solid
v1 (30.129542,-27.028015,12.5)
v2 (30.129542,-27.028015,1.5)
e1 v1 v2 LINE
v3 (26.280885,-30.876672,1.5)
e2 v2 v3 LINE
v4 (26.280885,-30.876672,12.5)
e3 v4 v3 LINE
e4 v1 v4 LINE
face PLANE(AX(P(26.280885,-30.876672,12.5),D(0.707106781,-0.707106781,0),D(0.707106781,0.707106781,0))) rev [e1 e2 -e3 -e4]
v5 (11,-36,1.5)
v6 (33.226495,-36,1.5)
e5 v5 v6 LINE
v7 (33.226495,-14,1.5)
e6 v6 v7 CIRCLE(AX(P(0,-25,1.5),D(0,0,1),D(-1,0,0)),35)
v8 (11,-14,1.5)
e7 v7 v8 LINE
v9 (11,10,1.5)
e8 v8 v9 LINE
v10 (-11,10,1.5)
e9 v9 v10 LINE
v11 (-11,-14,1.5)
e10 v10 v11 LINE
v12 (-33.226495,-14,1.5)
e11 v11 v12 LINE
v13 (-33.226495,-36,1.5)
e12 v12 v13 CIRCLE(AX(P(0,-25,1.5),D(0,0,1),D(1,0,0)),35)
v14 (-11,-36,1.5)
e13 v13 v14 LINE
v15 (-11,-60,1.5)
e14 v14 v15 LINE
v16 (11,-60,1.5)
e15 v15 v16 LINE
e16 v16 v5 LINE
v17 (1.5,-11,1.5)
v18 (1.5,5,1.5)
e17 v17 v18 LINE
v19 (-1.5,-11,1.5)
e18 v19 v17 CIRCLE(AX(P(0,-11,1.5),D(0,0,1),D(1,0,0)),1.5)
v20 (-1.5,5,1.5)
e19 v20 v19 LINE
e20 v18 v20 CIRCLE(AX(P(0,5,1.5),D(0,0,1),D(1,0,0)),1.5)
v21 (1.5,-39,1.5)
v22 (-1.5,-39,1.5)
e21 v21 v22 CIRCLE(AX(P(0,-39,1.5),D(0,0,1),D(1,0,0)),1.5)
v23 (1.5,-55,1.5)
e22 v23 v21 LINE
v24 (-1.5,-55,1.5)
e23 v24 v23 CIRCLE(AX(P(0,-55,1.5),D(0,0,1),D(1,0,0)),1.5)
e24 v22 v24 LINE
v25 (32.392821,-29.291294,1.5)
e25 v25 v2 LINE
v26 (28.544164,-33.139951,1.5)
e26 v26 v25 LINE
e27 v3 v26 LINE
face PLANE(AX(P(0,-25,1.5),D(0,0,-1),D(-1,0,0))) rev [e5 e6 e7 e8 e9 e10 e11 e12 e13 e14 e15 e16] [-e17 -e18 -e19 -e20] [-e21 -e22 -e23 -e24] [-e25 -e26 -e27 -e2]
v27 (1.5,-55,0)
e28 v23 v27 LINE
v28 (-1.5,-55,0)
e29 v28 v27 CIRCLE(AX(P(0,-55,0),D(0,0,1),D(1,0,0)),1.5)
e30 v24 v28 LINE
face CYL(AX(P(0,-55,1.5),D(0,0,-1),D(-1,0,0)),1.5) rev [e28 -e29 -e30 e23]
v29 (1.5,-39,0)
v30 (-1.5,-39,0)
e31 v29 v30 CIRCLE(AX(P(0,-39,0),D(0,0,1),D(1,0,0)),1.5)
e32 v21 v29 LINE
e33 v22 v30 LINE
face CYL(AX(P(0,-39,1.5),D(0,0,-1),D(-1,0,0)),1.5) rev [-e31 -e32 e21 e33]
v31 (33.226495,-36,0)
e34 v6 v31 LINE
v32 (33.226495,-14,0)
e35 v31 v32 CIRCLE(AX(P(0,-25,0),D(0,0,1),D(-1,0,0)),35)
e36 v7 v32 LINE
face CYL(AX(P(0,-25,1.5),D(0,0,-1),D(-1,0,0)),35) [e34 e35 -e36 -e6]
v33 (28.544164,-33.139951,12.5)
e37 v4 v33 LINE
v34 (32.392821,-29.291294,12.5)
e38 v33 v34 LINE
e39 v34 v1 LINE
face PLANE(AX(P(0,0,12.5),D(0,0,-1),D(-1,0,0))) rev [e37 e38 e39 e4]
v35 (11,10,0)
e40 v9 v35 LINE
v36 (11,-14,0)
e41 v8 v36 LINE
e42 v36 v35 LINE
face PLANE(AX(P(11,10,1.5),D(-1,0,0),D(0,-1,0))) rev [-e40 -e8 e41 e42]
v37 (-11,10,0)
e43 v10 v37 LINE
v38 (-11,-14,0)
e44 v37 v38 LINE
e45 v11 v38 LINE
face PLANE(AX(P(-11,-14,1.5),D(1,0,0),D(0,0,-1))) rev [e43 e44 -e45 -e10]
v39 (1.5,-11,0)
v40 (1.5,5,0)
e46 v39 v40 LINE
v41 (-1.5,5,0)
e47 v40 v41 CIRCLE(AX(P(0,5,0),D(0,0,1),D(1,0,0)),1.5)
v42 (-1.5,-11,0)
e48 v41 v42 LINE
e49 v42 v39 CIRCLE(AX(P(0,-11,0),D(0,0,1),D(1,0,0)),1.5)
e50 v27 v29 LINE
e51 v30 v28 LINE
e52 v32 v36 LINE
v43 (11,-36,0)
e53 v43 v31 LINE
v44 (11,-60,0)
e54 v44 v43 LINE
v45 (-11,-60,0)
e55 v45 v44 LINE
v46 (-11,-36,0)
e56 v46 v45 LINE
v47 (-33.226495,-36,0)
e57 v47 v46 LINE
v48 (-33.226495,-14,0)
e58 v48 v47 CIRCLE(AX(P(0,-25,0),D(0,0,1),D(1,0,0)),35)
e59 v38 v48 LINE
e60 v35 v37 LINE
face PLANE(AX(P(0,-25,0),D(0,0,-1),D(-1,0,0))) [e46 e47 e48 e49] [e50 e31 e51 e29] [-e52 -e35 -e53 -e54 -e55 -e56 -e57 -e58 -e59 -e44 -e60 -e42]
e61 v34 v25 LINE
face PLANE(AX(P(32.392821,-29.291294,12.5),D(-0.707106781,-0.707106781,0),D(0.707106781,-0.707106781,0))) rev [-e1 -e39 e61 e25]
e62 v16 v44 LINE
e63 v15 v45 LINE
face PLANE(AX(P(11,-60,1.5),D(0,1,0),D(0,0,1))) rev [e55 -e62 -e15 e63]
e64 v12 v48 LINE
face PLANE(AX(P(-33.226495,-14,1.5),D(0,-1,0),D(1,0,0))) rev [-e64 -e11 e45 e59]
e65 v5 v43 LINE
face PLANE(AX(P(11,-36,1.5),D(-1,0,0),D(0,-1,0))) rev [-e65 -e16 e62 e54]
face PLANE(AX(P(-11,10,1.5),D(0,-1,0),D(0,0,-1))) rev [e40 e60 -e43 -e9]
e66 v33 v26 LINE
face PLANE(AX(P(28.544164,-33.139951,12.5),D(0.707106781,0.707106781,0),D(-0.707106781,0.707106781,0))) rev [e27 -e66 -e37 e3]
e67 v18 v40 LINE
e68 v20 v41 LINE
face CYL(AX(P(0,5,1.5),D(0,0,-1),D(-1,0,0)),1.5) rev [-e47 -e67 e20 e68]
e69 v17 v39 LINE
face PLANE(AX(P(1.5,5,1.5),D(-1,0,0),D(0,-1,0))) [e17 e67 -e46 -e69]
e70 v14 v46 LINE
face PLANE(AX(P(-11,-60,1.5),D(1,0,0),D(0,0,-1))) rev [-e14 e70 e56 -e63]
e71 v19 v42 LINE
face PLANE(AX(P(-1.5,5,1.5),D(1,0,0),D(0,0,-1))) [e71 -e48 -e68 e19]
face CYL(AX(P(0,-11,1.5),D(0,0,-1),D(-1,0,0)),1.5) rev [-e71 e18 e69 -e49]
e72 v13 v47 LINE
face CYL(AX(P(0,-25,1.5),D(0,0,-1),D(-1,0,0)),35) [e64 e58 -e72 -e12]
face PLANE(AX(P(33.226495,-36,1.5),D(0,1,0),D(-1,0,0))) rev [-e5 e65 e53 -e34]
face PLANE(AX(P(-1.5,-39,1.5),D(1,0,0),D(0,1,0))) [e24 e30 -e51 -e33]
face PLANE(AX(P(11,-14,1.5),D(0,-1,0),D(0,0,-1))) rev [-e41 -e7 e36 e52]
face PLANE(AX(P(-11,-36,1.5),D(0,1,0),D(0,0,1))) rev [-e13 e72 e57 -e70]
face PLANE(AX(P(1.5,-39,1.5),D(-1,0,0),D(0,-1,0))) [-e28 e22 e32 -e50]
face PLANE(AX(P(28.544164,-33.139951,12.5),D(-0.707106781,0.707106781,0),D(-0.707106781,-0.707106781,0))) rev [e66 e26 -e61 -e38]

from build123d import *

# Parameters (mm, degrees)
BOSS_EXTRU_1_DEPTH = 1.5
BOSS_EXTRU_2_DEPTH = 11


with BuildPart() as part:
    # Esquisse1 → Boss.-Extru.1 (new body)
    with BuildSketch(Plane.XY):
        with BuildLine():
            Line((-11, 10), (11, 10))
            Line((11, 10), (11, -14))
            Line((11, -14), (33.226495452, -14))
            ThreePointArc((33.226495452, -14), (35, -25), (33.226495452, -36))
            Line((33.226495452, -36), (11, -36))
            Line((11, -36), (11, -60))
            Line((11, -60), (-11, -60))
            Line((-11, -60), (-11, -36))
            Line((-11, -36), (-33.226495452, -36))
            ThreePointArc((-33.226495452, -36), (-35, -25), (-33.226495452, -14))
            Line((-33.226495452, -14), (-11, -14))
            Line((-11, -14), (-11, 10))
        make_face()
        with BuildLine():
            Line((1.5, 5), (1.5, -11))
            ThreePointArc((1.5, -11), (0, -12.5), (-1.5, -11))
            Line((-1.5, -11), (-1.5, 5))
            ThreePointArc((-1.5, 5), (0, 6.5), (1.5, 5))
        make_face(mode=Mode.SUBTRACT)
        with BuildLine():
            Line((1.5, -39), (1.5, -55))
            ThreePointArc((1.5, -55), (0, -56.5), (-1.5, -55))
            Line((-1.5, -55), (-1.5, -39))
            ThreePointArc((-1.5, -39), (0, -37.5), (1.5, -39))
        make_face(mode=Mode.SUBTRACT)
    extrude(amount=BOSS_EXTRU_1_DEPTH)

    # Esquisse3 → Boss.-Extru.2 (add)
    with BuildSketch(Plane.XY.offset(1.5)):
        Polygon((28.544164415, -33.139950571), (32.392821374, -29.291293612), (30.12954231, -27.028014548), (26.280885351, -30.876671507), align=None)
    extrude(amount=BOSS_EXTRU_2_DEPTH)


solid = part.part
